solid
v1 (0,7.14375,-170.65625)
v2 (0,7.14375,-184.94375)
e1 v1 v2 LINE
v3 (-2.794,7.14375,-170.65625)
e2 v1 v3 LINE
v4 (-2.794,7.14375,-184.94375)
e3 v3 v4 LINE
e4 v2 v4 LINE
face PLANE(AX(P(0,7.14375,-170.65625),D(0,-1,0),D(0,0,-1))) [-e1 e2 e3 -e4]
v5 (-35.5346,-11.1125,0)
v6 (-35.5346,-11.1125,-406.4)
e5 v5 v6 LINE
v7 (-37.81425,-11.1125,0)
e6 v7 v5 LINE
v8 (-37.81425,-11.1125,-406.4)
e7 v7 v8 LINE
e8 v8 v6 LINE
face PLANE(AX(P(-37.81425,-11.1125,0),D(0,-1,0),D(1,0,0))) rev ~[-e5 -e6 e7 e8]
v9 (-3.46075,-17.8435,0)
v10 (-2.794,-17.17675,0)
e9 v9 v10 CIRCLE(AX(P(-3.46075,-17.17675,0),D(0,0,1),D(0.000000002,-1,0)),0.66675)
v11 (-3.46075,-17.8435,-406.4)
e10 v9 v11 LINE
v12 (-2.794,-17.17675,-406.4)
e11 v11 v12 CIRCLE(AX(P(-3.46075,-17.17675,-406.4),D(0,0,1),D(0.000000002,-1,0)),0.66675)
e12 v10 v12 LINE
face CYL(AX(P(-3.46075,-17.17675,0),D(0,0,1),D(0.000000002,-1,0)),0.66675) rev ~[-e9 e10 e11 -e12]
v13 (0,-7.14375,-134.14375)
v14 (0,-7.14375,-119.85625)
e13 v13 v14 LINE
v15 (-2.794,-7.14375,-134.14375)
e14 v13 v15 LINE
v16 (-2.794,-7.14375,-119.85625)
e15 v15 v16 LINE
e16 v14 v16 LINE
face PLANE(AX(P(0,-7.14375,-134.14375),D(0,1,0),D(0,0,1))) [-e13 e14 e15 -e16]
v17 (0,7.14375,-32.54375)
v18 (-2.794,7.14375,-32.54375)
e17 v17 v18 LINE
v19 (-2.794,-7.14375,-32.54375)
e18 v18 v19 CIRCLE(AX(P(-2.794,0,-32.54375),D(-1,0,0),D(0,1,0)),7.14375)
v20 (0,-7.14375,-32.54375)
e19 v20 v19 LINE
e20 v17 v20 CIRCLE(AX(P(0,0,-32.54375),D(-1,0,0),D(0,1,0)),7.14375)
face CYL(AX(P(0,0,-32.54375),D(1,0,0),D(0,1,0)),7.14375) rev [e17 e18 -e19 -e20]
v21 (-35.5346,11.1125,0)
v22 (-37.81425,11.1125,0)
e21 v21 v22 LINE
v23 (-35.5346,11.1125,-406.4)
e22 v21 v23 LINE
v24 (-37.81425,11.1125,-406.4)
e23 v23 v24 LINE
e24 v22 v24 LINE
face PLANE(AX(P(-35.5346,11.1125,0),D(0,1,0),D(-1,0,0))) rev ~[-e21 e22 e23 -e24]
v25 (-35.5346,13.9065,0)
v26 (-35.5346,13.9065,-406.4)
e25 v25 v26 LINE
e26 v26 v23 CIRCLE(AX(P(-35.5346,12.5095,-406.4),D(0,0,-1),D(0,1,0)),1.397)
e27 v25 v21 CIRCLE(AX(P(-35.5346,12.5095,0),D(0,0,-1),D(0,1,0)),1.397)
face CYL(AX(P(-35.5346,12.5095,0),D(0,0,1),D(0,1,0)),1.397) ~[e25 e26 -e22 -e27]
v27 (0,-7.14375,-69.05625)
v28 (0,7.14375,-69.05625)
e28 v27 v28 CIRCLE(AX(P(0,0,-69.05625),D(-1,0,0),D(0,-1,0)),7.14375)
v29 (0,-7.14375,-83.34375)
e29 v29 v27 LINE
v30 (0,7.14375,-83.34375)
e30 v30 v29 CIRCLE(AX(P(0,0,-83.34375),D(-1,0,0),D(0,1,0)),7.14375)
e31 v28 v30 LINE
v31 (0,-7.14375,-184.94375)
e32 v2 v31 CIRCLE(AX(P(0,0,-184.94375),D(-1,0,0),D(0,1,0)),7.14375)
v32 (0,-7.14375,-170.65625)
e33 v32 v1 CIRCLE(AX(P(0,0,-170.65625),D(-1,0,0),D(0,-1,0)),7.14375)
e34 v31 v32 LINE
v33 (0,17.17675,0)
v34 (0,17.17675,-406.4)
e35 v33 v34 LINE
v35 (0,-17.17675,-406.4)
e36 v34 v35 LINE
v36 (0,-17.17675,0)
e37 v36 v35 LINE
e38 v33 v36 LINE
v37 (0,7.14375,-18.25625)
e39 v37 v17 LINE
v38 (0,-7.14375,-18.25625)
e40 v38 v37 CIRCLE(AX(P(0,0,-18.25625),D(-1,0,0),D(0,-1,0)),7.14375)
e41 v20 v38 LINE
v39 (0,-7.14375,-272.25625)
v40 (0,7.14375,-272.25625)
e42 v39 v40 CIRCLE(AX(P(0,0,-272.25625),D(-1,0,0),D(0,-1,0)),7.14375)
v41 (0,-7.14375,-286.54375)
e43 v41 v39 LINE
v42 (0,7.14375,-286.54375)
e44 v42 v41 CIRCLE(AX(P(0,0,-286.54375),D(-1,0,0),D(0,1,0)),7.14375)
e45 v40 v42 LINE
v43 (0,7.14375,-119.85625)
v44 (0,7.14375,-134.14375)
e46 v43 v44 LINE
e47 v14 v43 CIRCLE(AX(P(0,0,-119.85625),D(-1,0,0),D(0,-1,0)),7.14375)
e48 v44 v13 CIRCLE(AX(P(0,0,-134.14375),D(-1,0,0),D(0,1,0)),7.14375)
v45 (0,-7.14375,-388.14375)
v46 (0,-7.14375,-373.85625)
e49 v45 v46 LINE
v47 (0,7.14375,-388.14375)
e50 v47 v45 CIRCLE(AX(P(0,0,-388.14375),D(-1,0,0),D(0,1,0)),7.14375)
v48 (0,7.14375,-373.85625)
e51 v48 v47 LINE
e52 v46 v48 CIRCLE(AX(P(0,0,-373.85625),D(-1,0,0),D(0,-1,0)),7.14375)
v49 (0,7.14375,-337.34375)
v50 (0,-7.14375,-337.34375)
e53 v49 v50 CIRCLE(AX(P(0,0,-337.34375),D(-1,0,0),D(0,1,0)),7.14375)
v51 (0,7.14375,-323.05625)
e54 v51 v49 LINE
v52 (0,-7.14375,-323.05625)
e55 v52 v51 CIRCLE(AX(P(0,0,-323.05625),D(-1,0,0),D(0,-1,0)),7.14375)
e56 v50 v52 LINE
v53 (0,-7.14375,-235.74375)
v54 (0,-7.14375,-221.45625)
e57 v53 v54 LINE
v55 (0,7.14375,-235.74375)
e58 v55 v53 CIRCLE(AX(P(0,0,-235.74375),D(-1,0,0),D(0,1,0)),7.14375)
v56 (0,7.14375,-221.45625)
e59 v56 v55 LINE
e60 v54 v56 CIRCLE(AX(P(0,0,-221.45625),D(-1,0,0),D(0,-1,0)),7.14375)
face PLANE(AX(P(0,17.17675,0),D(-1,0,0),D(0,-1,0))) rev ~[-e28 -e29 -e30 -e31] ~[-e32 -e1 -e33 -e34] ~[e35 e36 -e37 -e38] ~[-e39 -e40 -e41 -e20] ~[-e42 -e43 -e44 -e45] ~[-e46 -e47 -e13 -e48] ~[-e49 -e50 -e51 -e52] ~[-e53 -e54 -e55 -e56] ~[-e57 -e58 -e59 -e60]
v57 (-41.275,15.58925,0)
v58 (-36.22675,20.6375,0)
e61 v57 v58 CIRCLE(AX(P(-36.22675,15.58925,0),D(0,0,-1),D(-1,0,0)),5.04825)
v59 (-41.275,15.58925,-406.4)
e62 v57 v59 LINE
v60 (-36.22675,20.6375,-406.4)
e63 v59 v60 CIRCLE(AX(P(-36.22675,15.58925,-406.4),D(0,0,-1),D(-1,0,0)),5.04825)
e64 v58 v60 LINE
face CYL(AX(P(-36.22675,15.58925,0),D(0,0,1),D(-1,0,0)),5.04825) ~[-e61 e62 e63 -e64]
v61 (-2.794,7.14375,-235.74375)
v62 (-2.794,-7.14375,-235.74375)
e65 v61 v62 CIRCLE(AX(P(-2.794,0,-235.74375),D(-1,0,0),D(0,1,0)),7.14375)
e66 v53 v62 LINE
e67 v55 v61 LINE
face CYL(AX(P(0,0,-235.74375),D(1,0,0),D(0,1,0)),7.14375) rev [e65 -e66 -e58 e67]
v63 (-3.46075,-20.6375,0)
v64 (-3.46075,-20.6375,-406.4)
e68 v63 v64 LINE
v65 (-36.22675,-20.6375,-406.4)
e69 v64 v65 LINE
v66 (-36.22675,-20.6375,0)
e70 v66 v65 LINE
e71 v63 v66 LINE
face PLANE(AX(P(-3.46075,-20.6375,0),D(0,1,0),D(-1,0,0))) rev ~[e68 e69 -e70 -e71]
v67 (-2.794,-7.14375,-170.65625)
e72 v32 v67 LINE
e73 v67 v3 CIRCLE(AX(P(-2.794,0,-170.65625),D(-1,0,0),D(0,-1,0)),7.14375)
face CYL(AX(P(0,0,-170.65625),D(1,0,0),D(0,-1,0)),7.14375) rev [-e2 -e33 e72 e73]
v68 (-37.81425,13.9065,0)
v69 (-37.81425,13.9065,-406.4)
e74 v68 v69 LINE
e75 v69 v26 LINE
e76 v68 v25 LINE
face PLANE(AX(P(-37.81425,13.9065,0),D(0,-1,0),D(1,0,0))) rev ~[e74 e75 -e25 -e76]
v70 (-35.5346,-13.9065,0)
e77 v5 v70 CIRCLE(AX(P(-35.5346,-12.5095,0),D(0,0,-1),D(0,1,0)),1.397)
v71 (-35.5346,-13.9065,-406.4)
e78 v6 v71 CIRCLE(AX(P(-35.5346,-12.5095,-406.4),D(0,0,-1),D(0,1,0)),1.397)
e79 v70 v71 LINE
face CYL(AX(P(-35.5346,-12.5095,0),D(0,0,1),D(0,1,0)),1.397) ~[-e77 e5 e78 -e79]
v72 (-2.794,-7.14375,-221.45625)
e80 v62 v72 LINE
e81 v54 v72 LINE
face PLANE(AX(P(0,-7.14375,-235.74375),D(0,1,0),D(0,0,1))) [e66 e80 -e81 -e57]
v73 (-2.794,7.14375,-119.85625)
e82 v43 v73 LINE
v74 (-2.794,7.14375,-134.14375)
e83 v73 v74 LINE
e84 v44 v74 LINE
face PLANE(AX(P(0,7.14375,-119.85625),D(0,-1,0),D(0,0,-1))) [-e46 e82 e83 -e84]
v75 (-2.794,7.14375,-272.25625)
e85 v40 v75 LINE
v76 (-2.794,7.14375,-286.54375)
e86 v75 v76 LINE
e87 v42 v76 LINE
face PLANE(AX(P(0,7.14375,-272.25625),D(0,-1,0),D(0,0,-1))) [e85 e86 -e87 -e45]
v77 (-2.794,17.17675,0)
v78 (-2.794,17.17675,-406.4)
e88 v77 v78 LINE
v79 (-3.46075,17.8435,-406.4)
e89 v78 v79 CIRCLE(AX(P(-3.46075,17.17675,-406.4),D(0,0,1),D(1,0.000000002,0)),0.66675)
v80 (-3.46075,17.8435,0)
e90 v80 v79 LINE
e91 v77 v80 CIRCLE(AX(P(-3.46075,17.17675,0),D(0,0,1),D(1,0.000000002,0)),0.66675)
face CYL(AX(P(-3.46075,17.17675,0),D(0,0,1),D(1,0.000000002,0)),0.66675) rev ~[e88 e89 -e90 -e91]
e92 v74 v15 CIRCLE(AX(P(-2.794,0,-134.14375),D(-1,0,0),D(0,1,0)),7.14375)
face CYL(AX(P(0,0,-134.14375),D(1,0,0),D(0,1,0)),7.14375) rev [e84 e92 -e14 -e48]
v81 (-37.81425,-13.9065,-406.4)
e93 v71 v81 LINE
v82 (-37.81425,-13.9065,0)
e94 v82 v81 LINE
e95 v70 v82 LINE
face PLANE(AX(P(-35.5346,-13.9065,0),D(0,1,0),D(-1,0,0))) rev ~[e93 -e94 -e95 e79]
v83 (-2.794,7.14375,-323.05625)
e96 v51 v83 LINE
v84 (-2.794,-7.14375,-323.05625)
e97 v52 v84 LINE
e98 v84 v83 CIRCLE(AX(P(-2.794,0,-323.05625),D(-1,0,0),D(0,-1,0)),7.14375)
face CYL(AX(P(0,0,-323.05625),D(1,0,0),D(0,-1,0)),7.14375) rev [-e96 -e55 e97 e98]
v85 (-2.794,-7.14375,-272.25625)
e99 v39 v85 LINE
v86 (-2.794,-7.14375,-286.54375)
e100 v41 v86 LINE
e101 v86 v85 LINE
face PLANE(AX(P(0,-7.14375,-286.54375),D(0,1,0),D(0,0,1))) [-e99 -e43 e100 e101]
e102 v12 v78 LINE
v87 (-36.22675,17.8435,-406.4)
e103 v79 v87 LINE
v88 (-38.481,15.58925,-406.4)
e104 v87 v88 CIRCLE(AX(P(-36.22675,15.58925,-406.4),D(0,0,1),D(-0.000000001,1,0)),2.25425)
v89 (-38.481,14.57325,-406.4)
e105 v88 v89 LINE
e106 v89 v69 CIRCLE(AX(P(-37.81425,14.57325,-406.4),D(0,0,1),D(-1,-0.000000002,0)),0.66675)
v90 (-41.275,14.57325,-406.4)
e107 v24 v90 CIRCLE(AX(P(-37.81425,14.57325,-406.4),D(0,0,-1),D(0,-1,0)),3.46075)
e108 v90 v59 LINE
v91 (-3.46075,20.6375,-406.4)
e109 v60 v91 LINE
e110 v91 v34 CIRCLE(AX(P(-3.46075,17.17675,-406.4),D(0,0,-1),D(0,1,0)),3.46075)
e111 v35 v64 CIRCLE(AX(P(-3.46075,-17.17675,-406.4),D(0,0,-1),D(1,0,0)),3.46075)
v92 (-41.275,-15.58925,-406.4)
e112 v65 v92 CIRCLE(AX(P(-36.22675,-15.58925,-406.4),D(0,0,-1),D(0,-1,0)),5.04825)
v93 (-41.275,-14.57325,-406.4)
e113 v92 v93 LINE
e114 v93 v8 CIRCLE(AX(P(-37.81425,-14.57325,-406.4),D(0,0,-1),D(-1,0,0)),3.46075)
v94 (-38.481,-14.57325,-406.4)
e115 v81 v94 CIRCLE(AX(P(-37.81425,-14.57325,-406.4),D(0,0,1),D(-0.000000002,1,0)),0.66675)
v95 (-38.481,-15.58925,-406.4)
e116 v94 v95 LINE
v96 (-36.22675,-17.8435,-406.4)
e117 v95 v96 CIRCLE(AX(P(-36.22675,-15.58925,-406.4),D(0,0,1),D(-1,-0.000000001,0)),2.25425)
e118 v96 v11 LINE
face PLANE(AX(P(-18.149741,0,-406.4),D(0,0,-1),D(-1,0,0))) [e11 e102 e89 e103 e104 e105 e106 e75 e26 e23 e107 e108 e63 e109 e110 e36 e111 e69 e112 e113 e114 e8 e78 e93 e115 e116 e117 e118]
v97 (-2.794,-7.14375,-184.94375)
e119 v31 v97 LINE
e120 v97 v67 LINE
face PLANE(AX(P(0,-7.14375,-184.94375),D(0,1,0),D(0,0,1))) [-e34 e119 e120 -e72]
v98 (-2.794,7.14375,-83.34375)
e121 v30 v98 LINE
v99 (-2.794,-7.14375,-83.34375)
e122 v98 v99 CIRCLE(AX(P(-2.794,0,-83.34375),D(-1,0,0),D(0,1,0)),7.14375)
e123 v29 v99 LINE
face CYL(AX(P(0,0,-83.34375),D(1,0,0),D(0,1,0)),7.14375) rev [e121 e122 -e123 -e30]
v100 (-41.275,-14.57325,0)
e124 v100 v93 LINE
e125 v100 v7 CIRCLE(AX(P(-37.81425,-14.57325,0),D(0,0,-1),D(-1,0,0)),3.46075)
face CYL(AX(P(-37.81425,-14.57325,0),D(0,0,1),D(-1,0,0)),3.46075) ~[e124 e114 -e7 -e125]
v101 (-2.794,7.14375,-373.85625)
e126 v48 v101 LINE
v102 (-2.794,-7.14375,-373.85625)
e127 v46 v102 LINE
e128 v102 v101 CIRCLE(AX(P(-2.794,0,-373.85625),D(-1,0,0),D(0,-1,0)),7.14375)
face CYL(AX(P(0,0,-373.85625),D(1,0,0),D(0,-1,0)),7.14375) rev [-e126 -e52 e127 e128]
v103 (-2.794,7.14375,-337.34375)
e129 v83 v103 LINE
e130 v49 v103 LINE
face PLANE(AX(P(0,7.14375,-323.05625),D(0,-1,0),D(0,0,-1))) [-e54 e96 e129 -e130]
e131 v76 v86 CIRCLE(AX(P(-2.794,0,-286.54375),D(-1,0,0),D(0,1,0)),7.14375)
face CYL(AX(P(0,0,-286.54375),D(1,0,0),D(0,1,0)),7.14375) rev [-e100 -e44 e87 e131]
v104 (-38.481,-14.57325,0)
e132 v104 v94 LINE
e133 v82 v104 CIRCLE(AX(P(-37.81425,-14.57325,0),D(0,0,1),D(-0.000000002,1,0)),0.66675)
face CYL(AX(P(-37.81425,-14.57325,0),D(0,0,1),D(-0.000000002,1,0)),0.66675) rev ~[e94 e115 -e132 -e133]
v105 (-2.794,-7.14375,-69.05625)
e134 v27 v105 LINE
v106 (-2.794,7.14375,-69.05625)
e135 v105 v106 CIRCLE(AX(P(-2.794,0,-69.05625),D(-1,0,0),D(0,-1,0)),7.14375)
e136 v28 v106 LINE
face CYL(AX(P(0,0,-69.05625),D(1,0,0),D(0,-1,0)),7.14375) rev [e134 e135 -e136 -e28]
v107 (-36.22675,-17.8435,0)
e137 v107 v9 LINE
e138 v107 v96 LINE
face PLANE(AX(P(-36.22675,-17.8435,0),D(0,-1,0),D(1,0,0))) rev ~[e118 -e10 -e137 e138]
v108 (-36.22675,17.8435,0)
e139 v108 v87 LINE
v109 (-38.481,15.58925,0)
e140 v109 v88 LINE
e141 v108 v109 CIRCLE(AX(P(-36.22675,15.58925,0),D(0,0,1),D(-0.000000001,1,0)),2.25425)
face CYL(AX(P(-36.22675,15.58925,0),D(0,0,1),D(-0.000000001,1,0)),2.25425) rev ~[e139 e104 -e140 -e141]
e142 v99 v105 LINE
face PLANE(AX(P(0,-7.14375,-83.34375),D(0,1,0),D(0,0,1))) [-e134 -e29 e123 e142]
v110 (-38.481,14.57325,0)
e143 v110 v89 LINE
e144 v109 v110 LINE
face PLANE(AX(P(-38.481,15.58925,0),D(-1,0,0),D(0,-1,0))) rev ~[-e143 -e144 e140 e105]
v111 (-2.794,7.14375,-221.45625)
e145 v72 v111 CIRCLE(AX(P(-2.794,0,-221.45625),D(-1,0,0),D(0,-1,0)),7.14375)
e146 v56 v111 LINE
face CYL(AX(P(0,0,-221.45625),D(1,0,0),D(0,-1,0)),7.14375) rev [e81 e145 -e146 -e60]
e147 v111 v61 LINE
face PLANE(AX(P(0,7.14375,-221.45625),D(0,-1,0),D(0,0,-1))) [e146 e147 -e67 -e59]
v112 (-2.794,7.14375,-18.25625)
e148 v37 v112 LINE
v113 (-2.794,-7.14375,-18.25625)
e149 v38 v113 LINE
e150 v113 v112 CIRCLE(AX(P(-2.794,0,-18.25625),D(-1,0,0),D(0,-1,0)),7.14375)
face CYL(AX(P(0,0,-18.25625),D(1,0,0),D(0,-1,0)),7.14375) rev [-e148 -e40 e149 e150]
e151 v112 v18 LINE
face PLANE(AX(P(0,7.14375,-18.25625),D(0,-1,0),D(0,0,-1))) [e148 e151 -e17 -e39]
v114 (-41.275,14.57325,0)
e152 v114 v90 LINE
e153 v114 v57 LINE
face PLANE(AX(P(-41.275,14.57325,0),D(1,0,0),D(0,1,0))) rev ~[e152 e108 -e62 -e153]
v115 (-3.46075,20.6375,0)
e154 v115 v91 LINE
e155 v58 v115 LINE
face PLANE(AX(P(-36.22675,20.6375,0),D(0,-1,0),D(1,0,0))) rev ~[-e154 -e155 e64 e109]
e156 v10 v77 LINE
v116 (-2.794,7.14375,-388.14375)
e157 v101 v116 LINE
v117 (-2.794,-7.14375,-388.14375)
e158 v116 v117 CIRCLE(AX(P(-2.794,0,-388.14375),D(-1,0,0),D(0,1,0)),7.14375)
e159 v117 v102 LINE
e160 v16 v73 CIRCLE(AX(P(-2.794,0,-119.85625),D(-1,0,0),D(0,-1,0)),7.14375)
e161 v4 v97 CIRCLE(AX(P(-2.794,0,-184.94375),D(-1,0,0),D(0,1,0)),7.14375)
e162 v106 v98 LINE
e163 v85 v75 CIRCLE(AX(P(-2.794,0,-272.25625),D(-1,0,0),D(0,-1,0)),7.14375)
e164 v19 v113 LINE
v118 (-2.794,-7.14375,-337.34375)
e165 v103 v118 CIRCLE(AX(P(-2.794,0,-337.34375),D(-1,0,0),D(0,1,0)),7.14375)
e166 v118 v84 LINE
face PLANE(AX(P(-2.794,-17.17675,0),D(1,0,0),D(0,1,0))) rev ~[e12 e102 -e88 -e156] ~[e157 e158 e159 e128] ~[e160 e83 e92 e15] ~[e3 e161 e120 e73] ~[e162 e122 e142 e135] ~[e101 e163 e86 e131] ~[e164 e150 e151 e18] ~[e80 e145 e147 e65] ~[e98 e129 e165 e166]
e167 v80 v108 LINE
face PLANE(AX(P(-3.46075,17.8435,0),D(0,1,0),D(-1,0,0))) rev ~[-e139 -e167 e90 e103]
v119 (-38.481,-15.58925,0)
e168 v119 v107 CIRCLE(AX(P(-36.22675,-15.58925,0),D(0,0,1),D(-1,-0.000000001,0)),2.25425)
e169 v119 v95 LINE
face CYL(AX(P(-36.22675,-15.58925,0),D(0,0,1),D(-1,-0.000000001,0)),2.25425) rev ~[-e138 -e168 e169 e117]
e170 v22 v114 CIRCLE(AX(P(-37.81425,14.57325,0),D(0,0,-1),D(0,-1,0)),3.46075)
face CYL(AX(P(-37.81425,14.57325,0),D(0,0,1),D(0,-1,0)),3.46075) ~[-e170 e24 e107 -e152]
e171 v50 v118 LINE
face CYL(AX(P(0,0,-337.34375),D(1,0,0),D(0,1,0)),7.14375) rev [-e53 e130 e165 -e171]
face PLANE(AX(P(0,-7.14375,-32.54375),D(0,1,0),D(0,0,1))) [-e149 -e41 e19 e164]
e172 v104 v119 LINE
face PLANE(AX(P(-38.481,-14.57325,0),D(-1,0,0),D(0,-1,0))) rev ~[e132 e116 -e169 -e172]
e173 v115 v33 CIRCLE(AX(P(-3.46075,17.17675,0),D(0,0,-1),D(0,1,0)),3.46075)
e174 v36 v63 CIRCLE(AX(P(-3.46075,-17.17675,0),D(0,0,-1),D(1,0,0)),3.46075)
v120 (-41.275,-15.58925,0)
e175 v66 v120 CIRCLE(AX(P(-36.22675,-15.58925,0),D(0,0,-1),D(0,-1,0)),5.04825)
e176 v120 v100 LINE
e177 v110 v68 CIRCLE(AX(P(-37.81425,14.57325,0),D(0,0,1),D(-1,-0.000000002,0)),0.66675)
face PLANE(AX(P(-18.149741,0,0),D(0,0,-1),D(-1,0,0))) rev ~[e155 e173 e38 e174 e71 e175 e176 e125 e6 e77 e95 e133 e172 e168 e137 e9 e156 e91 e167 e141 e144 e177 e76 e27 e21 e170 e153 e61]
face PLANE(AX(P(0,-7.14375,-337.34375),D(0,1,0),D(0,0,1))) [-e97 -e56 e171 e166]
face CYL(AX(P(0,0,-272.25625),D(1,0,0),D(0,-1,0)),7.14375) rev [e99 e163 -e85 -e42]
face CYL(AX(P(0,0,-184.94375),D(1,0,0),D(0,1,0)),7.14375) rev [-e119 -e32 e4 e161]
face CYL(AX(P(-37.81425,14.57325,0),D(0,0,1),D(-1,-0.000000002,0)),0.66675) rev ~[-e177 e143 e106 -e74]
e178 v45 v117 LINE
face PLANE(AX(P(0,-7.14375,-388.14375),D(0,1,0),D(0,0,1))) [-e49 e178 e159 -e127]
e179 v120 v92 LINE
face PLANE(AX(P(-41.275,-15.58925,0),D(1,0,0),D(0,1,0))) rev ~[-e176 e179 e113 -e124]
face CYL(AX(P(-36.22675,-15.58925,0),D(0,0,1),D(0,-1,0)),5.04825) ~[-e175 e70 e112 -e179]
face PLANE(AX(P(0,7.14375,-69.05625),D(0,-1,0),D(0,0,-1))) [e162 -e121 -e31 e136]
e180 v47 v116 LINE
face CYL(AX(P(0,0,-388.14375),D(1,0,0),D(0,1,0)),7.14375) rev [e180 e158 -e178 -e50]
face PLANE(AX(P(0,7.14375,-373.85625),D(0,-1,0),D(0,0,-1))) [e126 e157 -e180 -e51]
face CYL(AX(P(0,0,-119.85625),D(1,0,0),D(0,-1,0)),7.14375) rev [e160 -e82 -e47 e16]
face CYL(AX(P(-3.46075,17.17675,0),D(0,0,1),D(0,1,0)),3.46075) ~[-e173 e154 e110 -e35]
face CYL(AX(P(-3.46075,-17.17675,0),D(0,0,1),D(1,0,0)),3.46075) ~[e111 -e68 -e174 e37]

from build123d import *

# Parameters (mm, degrees)
BOSS_EXTRUDE1_DEPTH = 406.4
CUT_EXTRUDE1_DEPTH  = 2.794
LPATTERN1_COUNT     = 8
LPATTERN1_PITCH     = 50.8


with BuildPart() as part:
    # Sketch1 → Boss-Extrude1 (new body)
    with BuildSketch(Plane.XY):
        with BuildLine():
            Line((-36.22675, 20.6375), (-3.46075, 20.6375))
            ThreePointArc((-3.46075, 20.6375), (-1.013630207, 19.623869793), (0, 17.17675))
            Line((0, 17.17675), (0, -17.17675))
            ThreePointArc((0, -17.17675), (-1.013630207, -19.623869793), (-3.46075, -20.6375))
            Line((-3.46075, -20.6375), (-36.22675, -20.6375))
            ThreePointArc((-36.22675, -20.6375), (-39.796401808, -19.158901808), (-41.275, -15.58925))
            Line((-41.275, -15.58925), (-41.275, -14.57325))
            ThreePointArc((-41.275, -14.57325), (-40.261369793, -12.126130207), (-37.81425, -11.1125))
            Line((-37.81425, -11.1125), (-35.5346, -11.1125))
            ThreePointArc((-35.5346, -11.1125), (-34.1376, -12.5095), (-35.5346, -13.9065))
            Line((-35.5346, -13.9065), (-37.81425, -13.9065))
            ThreePointArc((-37.81425, -13.9065), (-38.285713446, -14.101786554), (-38.481, -14.57325))
            Line((-38.481, -14.57325), (-38.481, -15.58925))
            ThreePointArc((-38.481, -15.58925), (-37.820745461, -17.183245461), (-36.22675, -17.8435))
            Line((-36.22675, -17.8435), (-3.46075, -17.8435))
            ThreePointArc((-3.46075, -17.8435), (-2.989286554, -17.648213446), (-2.794, -17.17675))
            Line((-2.794, -17.17675), (-2.794, 17.17675))
            ThreePointArc((-2.794, 17.17675), (-2.989286554, 17.648213446), (-3.46075, 17.8435))
            Line((-3.46075, 17.8435), (-36.22675, 17.8435))
            ThreePointArc((-36.22675, 17.8435), (-37.820745461, 17.183245461), (-38.481, 15.58925))
            Line((-38.481, 15.58925), (-38.481, 14.57325))
            ThreePointArc((-38.481, 14.57325), (-38.285713446, 14.101786554), (-37.81425, 13.9065))
            Line((-37.81425, 13.9065), (-35.5346, 13.9065))
            ThreePointArc((-35.5346, 13.9065), (-34.1376, 12.5095), (-35.5346, 11.1125))
            Line((-35.5346, 11.1125), (-37.81425, 11.1125))
            ThreePointArc((-37.81425, 11.1125), (-40.261369793, 12.126130207), (-41.275, 14.57325))
            Line((-41.275, 14.57325), (-41.275, 15.58925))
            ThreePointArc((-41.275, 15.58925), (-39.796401808, 19.158901808), (-36.22675, 20.6375))
        make_face()
    extrude(amount=-BOSS_EXTRUDE1_DEPTH)

    # Sketch2 → Cut-Extrude1 (cut)
    with BuildSketch(Plane(origin=(0, 0, 0), x_dir=(0, 0, -1), z_dir=(1, 0, 0))):
        with BuildLine():
            Line((18.25625, 7.14375), (32.54375, 7.14375))
            ThreePointArc((32.54375, 7.14375), (39.6875, 0), (32.54375, -7.14375))
            Line((32.54375, -7.14375), (18.25625, -7.14375))
            ThreePointArc((18.25625, -7.14375), (11.1125, 0), (18.25625, 7.14375))
        make_face()
    cut_extrude1 = extrude(amount=-CUT_EXTRUDE1_DEPTH, mode=Mode.SUBTRACT)

    # LPattern1: Cut-Extrude1 ×8
    with Locations(*[(0, 0, -i * LPATTERN1_PITCH) for i in range(1, LPATTERN1_COUNT)]):
        add(cut_extrude1, mode=Mode.SUBTRACT)


solid = part.part
